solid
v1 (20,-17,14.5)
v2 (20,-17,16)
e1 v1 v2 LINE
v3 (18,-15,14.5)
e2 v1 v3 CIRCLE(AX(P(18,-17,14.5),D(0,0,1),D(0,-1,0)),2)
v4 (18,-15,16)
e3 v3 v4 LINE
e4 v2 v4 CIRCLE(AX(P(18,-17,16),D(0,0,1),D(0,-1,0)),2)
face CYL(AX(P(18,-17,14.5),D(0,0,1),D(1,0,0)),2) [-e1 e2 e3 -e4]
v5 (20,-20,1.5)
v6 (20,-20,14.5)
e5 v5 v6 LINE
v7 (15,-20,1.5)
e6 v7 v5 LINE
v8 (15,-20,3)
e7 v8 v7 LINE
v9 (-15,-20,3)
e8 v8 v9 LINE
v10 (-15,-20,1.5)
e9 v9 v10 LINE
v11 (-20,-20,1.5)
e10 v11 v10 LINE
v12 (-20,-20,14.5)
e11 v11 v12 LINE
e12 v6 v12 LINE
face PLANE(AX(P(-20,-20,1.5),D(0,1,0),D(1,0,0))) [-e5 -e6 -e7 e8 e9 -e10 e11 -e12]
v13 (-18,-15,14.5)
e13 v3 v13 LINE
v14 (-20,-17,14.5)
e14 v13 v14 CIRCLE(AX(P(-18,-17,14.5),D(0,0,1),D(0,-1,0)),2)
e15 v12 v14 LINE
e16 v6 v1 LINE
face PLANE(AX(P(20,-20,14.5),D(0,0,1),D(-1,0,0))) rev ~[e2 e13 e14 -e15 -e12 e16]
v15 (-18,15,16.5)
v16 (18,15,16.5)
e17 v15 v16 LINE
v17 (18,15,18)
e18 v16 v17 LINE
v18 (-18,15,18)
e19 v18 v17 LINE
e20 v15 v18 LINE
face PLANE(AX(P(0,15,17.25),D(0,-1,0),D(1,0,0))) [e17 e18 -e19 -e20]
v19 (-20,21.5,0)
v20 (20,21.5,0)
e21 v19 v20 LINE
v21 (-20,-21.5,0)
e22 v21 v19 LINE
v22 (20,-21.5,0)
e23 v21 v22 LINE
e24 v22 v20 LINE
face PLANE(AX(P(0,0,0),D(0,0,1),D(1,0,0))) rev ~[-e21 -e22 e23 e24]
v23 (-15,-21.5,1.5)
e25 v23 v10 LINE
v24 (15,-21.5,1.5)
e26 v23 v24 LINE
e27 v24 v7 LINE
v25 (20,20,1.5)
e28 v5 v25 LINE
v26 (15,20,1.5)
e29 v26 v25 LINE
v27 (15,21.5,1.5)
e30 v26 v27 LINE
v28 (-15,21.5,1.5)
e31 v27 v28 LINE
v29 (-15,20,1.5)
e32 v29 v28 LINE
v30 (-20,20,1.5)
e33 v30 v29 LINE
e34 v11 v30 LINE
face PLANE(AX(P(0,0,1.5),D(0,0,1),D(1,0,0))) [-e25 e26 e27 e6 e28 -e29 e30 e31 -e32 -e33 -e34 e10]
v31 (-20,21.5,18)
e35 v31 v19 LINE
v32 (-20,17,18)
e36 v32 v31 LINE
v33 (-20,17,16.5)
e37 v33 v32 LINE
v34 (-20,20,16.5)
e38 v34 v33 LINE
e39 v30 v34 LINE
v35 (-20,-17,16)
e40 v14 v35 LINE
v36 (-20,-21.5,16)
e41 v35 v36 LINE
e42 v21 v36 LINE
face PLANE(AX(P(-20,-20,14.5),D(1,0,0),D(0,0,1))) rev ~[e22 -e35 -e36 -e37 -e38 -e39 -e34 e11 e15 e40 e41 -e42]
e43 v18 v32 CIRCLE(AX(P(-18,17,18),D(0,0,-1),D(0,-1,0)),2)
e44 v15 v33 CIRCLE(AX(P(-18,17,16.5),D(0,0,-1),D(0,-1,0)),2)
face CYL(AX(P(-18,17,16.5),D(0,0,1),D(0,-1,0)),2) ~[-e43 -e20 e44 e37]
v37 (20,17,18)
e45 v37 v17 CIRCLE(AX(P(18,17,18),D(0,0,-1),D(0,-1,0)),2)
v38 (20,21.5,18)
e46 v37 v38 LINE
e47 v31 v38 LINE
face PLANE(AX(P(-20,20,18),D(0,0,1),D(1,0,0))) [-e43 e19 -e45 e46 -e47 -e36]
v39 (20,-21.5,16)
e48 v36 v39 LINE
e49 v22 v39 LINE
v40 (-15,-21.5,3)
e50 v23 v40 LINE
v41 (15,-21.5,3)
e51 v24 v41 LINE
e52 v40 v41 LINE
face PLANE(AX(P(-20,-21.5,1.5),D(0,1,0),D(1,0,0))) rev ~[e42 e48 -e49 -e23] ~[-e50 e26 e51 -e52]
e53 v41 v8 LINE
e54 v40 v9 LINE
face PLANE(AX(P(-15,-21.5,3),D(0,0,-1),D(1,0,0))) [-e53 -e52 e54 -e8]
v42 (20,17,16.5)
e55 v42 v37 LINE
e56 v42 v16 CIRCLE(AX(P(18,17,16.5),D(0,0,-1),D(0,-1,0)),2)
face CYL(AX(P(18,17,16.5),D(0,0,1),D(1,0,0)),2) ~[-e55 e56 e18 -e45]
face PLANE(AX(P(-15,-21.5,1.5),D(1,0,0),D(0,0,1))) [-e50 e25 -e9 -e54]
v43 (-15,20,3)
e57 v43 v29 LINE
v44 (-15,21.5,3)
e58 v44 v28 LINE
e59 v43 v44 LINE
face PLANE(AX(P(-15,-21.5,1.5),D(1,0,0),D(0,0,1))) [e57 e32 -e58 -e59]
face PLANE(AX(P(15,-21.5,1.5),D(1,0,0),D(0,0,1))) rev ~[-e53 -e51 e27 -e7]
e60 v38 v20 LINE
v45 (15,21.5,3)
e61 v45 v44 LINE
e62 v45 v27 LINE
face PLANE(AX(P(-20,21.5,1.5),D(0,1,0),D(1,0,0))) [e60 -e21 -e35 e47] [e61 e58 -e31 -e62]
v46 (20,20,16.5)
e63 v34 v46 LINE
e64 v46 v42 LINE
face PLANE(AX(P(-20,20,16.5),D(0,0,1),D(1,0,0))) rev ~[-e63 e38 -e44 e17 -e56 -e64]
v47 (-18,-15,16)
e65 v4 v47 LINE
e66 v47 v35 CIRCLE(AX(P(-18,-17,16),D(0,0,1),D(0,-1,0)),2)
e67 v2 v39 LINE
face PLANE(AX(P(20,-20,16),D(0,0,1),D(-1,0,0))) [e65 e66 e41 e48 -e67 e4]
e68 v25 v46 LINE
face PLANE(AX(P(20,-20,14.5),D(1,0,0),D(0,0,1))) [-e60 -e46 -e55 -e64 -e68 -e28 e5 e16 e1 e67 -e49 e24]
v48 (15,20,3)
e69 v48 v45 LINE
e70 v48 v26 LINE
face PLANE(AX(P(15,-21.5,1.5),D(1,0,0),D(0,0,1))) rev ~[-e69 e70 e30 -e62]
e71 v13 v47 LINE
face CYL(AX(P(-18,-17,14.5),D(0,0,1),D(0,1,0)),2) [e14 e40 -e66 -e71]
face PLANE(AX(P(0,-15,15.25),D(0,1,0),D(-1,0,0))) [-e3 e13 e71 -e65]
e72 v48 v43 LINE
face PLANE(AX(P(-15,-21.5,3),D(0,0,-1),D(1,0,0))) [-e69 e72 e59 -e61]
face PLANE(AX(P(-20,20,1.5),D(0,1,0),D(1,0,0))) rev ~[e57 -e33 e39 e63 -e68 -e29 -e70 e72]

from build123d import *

# Parameters (mm, degrees)
F0_W      = 40
F0_H      = 43
F1_DEPTH  = 1.5
F2_W      = 40
F2_H      = 1.5
F3_DEPTH  = 14.5
F4_W      = 40
F4_H      = 1.5
F5_DEPTH  = 16.5
F6_W      = 40
F6_H      = 1.5
F7_DEPTH  = 5
F8_W      = 40
F8_H      = 1.5
F9_DEPTH  = 5
F10_W     = 30
F10_H     = 1.5
F11_DEPTH = 44
F12_R     = 2


with BuildPart() as f1:
    # F0 (on Top) → F1 (new body)
    with BuildSketch(Plane.XY):
        Rectangle(F0_W, F0_H)
    extrude(amount=F1_DEPTH)

    # F2 (on face) → F3 (join)
    with BuildSketch(Plane.XY.offset(1.5)):
        with Locations((0, -20.75)):
            Rectangle(F2_W, F2_H)
    extrude(amount=F3_DEPTH)

    # F4 (on face) → F5 (join)
    with BuildSketch(Plane.XY.offset(1.5)):
        with Locations((0, 20.75)):
            Rectangle(F4_W, F4_H)
    extrude(amount=F5_DEPTH)

    # F6 (on face) → F7 (join)
    with BuildSketch(Plane.XZ.offset(-20)):
        with Locations((0, 17.25)):
            Rectangle(F6_W, F6_H)
    extrude(amount=F7_DEPTH)

    # F8 (on face) → F9 (join)
    with BuildSketch(Plane(origin=(0, -20, 0), x_dir=(-1, 0, 0), z_dir=(0, 1, 0))):
        with Locations((0, 15.25)):
            Rectangle(F8_W, F8_H)
    extrude(amount=F9_DEPTH)

    # F10 (on face) → F11 (cut)
    with BuildSketch(Plane.XZ.offset(21.5)):
        with Locations((0, 2.25)):
            Rectangle(F10_W, F10_H)
    extrude(amount=-F11_DEPTH, mode=Mode.SUBTRACT)

    # F12
    f12_edges = [f1.edges().sort_by_distance(p)[0] for p in [
        (20, 15, 17.25),
        (20, -15, 15.25),
        (-20, 15, 17.25),
        (-20, -15, 15.25),
    ]]
    fillet(f12_edges, radius=F12_R)


solid = f1.part
